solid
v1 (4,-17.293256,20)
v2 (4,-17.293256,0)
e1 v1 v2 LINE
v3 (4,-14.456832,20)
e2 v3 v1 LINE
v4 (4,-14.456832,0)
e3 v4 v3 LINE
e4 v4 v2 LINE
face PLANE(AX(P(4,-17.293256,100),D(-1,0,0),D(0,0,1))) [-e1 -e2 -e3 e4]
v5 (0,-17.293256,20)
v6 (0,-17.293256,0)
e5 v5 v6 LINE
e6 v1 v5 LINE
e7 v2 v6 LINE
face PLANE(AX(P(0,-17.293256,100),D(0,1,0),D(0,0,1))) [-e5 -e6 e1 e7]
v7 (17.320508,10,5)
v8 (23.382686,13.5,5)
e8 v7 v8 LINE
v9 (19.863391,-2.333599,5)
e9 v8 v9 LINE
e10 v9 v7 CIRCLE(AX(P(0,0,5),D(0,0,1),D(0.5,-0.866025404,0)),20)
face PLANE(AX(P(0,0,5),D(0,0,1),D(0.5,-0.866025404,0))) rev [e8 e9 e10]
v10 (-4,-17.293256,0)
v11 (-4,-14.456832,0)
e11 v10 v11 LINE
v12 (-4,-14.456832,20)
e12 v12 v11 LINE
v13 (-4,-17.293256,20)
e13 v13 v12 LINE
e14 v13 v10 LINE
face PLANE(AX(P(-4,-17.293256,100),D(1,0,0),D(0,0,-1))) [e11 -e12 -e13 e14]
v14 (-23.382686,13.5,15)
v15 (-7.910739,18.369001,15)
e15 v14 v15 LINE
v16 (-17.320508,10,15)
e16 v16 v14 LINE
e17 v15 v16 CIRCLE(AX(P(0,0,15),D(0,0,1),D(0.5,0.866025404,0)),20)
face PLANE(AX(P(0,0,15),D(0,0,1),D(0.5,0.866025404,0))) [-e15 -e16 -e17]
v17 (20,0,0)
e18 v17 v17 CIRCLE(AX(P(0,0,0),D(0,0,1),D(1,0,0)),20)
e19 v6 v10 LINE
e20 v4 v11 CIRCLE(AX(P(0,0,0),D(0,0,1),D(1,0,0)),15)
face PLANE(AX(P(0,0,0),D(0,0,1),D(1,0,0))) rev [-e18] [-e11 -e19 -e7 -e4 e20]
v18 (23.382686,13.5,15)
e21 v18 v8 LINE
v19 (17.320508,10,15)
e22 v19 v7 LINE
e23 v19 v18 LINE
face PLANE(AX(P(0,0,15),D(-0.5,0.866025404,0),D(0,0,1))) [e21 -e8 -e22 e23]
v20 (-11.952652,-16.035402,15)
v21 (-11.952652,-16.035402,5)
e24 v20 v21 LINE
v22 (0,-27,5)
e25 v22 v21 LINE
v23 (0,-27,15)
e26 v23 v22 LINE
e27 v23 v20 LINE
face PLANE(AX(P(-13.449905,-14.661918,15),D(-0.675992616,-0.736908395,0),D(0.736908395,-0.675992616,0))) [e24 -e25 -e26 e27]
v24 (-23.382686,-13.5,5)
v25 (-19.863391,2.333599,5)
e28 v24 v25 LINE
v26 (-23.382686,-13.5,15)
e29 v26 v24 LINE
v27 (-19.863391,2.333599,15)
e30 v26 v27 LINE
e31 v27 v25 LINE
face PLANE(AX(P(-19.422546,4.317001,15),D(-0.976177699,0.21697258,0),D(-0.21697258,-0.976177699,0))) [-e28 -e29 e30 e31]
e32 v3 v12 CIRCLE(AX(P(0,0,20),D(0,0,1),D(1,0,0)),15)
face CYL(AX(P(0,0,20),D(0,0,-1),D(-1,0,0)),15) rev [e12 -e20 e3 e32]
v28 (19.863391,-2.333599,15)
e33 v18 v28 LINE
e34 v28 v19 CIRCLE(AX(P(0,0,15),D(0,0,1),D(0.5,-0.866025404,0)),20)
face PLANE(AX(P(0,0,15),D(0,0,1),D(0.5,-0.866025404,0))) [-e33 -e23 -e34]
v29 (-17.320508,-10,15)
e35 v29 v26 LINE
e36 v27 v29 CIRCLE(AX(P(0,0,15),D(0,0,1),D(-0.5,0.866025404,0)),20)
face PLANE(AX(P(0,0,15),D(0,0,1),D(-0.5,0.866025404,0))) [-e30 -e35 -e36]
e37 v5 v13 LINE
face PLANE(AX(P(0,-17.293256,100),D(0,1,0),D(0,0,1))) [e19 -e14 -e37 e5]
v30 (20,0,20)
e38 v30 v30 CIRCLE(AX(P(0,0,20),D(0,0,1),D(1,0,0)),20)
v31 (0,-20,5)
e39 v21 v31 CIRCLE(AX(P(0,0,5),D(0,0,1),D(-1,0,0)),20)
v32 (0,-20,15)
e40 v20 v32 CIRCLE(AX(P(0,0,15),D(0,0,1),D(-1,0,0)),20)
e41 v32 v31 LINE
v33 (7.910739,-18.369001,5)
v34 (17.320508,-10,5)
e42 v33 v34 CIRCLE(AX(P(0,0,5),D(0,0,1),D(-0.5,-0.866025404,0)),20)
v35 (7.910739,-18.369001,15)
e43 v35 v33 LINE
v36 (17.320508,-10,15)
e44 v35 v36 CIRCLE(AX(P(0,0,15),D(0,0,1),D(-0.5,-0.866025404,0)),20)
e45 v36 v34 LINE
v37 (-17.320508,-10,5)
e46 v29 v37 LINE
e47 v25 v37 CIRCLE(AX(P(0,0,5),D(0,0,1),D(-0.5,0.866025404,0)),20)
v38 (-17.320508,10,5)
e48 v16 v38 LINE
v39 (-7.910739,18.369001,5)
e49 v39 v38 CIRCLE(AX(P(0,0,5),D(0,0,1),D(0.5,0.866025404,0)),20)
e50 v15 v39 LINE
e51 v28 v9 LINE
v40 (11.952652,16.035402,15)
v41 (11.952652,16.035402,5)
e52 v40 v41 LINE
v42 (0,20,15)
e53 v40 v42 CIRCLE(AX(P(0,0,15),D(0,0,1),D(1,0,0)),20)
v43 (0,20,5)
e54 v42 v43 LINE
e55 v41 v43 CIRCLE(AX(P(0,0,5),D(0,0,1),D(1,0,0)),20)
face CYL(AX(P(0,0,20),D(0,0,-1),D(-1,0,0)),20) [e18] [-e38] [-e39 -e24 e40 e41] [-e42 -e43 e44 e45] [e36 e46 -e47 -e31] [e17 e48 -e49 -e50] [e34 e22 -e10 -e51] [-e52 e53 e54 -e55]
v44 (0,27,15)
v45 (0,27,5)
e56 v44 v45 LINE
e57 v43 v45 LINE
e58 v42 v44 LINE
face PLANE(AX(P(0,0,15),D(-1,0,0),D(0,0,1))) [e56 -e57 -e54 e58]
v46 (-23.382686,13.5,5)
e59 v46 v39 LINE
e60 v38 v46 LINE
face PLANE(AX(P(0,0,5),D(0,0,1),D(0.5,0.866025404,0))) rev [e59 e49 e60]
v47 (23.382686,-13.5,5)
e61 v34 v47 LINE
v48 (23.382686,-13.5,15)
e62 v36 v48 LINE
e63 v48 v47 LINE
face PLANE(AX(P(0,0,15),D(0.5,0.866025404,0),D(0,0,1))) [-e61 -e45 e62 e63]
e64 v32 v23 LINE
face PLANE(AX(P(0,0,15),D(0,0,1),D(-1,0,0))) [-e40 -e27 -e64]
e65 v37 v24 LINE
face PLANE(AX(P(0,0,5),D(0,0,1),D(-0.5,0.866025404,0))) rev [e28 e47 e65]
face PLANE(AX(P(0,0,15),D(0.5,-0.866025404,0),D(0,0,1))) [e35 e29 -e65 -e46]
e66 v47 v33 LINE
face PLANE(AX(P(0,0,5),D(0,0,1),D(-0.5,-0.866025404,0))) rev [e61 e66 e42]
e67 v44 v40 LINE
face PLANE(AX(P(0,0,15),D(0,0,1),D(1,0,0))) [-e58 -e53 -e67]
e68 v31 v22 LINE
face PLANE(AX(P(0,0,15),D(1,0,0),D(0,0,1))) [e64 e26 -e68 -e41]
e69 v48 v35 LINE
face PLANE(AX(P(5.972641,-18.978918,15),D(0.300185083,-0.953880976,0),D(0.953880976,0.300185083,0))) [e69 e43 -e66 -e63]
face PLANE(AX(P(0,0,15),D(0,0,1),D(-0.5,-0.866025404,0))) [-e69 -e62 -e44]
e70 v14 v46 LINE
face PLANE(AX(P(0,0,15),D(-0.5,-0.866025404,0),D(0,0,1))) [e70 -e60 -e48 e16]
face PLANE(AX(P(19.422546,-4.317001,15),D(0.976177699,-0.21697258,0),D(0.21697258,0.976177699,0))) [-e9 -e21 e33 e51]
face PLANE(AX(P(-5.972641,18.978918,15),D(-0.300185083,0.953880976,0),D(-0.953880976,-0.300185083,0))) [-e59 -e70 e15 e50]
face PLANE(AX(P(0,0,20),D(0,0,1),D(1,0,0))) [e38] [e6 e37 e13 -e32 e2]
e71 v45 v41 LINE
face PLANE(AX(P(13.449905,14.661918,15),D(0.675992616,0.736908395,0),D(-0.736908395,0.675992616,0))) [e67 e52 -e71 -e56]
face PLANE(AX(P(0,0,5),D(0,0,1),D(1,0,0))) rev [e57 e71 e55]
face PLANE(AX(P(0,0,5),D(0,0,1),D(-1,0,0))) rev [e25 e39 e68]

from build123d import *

# Parameters (mm, degrees)
SKETCH1_R               = 20
SKETCH1_R_2             = 15
BOSS_EXTRUDE1_DEPTH     = 20
CUT_EXTRUDE2_DEPTH      = 21
CUT_EXTRUDE2_DEPTH_BACK = 1
BOSS_EXTRUDE16_DEPTH    = 10
CIRPATTERN2_COUNT       = 6


with BuildPart() as part:
    # Sketch1 → Boss-Extrude1 (new body)
    with BuildSketch(Plane.XY):
        Circle(SKETCH1_R)
        Circle(SKETCH1_R_2, mode=Mode.SUBTRACT)
    extrude(amount=BOSS_EXTRUDE1_DEPTH)

    # Sketch5 → Cut-Extrude2 (cut, two sides)
    with BuildSketch(Plane.XY) as cut_extrude2_sk:
        with BuildLine():
            Line((-4, -17.293255897), (0, -17.293255897))
            Line((0, -17.293255897), (4, -17.293255897))
            Line((4, -17.293255897), (4, -14.456832295))
            ThreePointArc((4, -14.456832295), (0, -15), (-4, -14.456832295))
            Line((-4, -14.456832295), (-4, -17.293255897))
        make_face()
    extrude(amount=CUT_EXTRUDE2_DEPTH, mode=Mode.SUBTRACT)
    extrude(cut_extrude2_sk.sketch, amount=-CUT_EXTRUDE2_DEPTH_BACK, mode=Mode.SUBTRACT)

    # Sketch18 → Boss-Extrude16 (add)
    with BuildSketch(Plane.XY.offset(5)):
        with BuildLine():
            Line((0, 27), (0, 20))
            ThreePointArc((0, 20), (6.296505517, 18.982992869), (11.952651932, 16.035401828))
            Line((11.952651932, 16.035401828), (0, 27))
        make_face()
    boss_extrude16 = extrude(amount=BOSS_EXTRUDE16_DEPTH)

    # CirPattern2: Boss-Extrude16 ×6 about axis
    cirpattern2_axis = Axis((0, 0, 0), (0, 0, 1))
    for i in range(1, CIRPATTERN2_COUNT):
        add(boss_extrude16.rotate(cirpattern2_axis, i * 360 / CIRPATTERN2_COUNT))


solid = part.part
